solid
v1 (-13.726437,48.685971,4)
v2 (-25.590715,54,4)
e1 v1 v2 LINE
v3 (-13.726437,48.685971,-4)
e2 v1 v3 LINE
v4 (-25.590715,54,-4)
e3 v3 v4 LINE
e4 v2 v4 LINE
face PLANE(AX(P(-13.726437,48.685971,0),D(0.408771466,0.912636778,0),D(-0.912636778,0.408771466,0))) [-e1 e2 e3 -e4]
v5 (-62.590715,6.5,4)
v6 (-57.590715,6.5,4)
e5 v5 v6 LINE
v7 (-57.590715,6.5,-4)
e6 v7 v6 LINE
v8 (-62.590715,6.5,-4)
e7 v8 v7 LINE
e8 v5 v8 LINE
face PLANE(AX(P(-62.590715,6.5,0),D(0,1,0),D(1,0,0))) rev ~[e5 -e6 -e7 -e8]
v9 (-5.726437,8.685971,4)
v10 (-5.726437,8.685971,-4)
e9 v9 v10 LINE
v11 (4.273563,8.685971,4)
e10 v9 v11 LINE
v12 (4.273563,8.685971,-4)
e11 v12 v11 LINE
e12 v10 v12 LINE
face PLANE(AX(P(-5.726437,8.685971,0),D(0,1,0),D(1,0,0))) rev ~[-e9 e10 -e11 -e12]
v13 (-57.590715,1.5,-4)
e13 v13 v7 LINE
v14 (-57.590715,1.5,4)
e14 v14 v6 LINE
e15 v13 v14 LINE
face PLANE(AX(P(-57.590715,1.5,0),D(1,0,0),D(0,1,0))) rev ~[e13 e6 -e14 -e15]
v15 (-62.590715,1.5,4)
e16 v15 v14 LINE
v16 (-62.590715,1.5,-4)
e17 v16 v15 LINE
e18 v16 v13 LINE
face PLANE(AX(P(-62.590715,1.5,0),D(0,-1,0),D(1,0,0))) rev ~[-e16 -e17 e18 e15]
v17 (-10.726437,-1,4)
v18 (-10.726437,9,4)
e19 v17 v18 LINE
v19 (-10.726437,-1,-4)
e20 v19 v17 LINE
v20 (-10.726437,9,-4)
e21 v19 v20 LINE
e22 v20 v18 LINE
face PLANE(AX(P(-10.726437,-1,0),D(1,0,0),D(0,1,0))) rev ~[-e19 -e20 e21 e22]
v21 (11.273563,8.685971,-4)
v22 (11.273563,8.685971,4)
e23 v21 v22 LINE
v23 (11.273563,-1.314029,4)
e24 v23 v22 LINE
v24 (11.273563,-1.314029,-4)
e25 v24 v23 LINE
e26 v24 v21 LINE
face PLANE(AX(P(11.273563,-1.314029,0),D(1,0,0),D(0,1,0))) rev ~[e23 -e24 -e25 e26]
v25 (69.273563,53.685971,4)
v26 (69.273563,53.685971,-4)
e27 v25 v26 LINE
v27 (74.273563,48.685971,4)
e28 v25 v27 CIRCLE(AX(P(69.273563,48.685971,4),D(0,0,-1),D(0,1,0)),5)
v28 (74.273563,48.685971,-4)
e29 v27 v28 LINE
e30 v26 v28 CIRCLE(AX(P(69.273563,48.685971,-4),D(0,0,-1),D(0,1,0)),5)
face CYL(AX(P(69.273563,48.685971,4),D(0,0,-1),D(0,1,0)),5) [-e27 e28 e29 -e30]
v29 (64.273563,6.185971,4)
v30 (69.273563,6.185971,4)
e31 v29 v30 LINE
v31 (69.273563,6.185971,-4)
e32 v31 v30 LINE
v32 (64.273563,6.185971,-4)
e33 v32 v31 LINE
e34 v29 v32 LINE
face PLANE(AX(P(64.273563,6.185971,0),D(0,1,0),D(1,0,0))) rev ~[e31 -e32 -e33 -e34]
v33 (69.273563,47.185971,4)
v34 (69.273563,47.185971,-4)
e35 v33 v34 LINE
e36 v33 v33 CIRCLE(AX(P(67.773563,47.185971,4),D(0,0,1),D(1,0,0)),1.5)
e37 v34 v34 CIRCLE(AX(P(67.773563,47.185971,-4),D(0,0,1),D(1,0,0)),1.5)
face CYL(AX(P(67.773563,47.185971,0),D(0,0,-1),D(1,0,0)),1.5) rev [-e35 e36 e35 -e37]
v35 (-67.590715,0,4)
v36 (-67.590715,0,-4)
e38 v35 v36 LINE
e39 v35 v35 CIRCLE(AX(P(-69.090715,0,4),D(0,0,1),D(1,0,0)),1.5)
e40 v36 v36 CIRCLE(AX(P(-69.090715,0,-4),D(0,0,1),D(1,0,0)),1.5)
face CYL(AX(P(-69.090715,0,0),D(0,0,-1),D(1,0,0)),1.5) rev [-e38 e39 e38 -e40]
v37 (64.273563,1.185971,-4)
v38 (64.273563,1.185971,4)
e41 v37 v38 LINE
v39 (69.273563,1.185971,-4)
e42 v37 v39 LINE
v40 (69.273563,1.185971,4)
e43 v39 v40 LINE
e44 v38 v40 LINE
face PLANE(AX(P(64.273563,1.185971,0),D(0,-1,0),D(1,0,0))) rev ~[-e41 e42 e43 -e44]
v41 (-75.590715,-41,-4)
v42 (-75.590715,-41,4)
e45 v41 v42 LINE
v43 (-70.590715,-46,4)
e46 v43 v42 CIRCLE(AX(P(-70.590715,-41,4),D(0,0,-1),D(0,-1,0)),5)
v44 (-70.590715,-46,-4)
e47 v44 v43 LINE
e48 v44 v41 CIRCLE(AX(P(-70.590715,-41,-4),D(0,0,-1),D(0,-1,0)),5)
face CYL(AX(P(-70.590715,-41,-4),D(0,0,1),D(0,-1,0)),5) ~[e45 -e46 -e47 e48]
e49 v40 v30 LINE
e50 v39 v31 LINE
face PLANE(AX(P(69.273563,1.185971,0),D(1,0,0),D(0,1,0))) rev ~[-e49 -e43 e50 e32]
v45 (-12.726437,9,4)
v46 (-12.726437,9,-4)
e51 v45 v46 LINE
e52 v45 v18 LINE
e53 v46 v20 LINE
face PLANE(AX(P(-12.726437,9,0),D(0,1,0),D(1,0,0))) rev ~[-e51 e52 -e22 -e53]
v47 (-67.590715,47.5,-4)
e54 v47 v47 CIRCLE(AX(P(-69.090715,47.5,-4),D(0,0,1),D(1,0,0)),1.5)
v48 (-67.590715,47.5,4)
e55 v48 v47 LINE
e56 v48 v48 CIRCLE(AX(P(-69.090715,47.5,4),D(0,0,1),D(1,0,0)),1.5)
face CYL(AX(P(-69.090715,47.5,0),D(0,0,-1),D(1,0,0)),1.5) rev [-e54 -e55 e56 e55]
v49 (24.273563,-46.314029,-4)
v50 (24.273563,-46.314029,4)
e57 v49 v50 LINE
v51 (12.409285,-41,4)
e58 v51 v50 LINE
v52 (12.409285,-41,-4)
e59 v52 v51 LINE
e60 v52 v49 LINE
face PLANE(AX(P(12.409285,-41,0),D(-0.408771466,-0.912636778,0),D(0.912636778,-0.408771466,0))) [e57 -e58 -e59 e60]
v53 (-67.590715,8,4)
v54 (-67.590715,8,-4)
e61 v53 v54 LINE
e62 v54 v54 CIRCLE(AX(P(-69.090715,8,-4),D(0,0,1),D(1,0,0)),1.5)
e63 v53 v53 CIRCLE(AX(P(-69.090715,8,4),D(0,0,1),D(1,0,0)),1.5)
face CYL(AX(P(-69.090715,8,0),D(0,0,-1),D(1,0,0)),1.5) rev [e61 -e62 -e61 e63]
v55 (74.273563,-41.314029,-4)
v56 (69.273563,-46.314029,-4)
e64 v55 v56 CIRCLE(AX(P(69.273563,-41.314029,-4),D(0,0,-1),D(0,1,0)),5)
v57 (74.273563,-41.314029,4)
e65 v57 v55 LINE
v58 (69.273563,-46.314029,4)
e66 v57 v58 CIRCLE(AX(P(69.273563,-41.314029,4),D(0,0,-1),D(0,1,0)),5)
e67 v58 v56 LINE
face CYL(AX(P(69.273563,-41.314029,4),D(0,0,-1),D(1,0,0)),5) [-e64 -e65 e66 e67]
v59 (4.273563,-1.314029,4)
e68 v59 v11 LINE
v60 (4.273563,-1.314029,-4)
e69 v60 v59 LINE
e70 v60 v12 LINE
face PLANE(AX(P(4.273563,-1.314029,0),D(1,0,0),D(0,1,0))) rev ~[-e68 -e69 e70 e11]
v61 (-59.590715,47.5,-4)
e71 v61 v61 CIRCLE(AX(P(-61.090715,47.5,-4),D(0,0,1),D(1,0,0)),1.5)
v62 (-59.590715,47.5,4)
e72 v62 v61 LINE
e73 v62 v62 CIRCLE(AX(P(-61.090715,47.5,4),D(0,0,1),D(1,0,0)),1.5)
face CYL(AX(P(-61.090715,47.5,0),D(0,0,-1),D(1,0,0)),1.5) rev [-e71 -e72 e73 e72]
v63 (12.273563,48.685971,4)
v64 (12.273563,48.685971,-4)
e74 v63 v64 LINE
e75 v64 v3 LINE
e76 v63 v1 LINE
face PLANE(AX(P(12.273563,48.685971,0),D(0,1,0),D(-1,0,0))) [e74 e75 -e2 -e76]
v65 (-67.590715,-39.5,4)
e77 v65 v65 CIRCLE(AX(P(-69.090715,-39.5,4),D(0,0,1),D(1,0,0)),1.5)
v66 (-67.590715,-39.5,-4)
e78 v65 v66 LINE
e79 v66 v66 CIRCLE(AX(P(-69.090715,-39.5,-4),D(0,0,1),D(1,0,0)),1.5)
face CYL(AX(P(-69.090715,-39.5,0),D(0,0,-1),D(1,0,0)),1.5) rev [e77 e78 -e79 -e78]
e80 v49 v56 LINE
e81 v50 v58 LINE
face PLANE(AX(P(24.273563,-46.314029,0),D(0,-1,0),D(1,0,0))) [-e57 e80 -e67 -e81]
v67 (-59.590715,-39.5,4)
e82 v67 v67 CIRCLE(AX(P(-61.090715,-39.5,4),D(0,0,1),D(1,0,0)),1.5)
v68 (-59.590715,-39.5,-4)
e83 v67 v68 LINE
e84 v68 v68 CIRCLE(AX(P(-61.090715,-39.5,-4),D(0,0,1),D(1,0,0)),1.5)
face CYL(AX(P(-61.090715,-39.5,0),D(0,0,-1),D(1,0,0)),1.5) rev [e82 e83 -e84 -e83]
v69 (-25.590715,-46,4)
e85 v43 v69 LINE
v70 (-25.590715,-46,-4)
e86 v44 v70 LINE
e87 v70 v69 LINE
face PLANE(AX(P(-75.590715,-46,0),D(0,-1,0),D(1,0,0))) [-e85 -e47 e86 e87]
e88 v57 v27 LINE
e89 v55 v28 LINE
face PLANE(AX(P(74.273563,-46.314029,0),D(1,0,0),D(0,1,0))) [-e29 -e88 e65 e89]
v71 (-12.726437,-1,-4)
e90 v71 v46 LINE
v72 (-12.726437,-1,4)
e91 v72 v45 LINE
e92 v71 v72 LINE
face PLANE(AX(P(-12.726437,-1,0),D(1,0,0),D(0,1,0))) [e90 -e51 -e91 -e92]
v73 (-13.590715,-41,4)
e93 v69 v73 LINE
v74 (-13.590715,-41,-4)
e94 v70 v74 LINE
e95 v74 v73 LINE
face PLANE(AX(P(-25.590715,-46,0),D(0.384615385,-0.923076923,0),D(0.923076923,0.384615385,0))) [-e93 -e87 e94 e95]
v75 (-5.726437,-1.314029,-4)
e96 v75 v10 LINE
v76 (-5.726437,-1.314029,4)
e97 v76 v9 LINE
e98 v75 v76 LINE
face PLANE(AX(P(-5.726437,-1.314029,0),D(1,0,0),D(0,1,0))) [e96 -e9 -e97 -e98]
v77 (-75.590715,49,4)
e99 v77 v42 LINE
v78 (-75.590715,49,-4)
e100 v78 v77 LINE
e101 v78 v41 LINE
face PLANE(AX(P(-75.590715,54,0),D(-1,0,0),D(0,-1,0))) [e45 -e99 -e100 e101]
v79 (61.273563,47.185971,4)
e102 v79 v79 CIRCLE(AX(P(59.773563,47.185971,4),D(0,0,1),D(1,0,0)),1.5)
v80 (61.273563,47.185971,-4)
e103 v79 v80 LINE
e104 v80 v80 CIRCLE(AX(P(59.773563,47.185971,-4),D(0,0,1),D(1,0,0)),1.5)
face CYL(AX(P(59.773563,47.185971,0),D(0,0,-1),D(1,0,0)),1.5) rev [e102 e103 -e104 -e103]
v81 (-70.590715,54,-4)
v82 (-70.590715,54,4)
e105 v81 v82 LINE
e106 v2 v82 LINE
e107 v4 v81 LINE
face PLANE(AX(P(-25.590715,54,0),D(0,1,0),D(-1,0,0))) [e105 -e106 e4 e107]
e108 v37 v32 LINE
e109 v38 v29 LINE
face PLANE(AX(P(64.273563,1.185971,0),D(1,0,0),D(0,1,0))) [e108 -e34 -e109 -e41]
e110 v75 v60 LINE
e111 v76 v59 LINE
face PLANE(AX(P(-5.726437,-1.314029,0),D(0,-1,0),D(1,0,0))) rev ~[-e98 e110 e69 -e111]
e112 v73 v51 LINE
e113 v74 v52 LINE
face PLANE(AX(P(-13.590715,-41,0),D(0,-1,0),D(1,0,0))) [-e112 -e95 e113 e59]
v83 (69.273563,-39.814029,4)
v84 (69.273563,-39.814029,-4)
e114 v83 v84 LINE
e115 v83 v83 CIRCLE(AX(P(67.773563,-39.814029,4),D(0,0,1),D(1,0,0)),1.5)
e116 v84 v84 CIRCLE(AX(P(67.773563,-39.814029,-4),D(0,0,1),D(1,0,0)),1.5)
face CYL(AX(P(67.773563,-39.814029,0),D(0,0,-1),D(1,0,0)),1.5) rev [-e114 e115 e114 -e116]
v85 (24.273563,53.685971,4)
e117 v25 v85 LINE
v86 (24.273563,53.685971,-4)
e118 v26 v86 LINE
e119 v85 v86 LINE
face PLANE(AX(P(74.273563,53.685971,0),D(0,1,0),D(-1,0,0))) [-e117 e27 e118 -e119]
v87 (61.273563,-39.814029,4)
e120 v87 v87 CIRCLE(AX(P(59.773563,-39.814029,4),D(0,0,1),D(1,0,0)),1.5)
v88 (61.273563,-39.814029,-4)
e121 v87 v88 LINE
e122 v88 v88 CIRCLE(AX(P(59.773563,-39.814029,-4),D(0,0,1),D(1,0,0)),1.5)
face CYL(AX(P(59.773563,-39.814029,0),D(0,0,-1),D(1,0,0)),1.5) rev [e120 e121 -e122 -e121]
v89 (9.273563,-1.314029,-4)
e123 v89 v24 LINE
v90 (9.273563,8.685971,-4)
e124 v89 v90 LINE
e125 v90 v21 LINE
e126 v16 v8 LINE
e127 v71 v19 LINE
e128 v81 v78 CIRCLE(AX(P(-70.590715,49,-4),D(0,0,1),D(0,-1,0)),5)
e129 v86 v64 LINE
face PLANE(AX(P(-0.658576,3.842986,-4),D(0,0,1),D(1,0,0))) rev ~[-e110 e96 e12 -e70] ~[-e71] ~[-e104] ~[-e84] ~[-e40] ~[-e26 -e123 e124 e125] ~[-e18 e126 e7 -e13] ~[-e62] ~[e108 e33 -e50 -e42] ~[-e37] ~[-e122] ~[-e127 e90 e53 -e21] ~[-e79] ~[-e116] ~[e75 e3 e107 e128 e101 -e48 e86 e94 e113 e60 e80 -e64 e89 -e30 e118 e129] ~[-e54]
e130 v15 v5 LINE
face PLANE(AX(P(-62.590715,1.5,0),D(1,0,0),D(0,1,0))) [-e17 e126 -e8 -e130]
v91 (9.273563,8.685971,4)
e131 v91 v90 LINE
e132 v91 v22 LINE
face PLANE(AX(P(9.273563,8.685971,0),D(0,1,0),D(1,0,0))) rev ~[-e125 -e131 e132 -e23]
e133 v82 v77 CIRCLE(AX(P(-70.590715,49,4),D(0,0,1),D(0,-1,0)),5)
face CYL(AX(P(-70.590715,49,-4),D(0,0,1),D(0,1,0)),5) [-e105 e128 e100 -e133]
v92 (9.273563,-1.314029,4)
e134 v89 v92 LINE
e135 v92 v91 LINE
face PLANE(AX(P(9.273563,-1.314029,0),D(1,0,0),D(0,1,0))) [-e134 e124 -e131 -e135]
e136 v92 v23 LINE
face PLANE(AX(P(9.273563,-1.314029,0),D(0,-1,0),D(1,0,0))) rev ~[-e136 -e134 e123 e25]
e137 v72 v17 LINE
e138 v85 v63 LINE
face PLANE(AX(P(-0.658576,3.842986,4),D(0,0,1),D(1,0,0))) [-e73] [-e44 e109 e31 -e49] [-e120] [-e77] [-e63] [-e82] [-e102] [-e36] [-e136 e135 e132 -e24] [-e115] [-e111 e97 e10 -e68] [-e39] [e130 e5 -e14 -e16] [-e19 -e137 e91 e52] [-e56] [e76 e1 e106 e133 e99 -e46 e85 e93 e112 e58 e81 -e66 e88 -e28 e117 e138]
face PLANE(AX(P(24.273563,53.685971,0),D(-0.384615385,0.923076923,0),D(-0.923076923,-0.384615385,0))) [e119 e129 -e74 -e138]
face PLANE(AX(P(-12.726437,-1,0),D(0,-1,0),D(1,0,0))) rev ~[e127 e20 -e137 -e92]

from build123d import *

# Parameters (mm, degrees)
F0_R     = 1.5
F0_W     = 10
F0_H     = 10
F0_W_2   = 2
F0_W_3   = 5
F0_H_2   = 5
F1_DEPTH = 4
F2_R     = 5


with BuildPart() as f1:
    # F0 (on Top) → F1 (new body, symmetric)
    with BuildSketch(Plane.XY):
        Polygon((-25.590715, 54), (-75.590715, 54), (-75.590715, -46), (-25.590715, -46), (-13.590715, -41), (12.409285, -41), (24.273563, -46.314029), (74.273563, -46.314029), (74.273563, 53.685971), (24.273563, 53.685971), (12.273563, 48.685971), (-13.726437, 48.685971), align=None)
        with Locations((-69.090715, -39.5)):
            Circle(F0_R, mode=Mode.SUBTRACT)
        with Locations((-61.090715, -39.5)):
            Circle(F0_R, mode=Mode.SUBTRACT)
        with Locations((-69.090715, 0)):
            Circle(F0_R, mode=Mode.SUBTRACT)
        with Locations((-0.726437, 3.685971)):
            Rectangle(F0_W, F0_H, mode=Mode.SUBTRACT)
        with Locations((59.773563, -39.814029)):
            Circle(F0_R, mode=Mode.SUBTRACT)
        with Locations((67.773563, -39.814029)):
            Circle(F0_R, mode=Mode.SUBTRACT)
        with Locations((10.273563, 3.685971)):
            Rectangle(F0_W_2, F0_H, mode=Mode.SUBTRACT)
        with Locations((66.773563, 3.685971)):
            Rectangle(F0_W_3, F0_H_2, mode=Mode.SUBTRACT)
        with Locations((-69.090715, 8)):
            Circle(F0_R, mode=Mode.SUBTRACT)
        with Locations((-60.090715, 4)):
            Rectangle(F0_W_3, F0_H_2, mode=Mode.SUBTRACT)
        with Locations((-11.726437, 4)):
            Rectangle(F0_W_2, F0_H, mode=Mode.SUBTRACT)
        with Locations((-69.090715, 47.5)):
            Circle(F0_R, mode=Mode.SUBTRACT)
        with Locations((-61.090715, 47.5)):
            Circle(F0_R, mode=Mode.SUBTRACT)
        with Locations((59.773563, 47.185971)):
            Circle(F0_R, mode=Mode.SUBTRACT)
        with Locations((67.773563, 47.185971)):
            Circle(F0_R, mode=Mode.SUBTRACT)
    extrude(amount=F1_DEPTH, both=True)

    # F2
    f2_edges = [f1.edges().sort_by_distance(p)[0] for p in [
        (-75.590715, 54, 0),
        (74.273563, 53.685971, 0),
        (74.273563, -46.314029, 0),
        (-75.590715, -46, 0),
    ]]
    fillet(f2_edges, radius=F2_R)


solid = f1.part
